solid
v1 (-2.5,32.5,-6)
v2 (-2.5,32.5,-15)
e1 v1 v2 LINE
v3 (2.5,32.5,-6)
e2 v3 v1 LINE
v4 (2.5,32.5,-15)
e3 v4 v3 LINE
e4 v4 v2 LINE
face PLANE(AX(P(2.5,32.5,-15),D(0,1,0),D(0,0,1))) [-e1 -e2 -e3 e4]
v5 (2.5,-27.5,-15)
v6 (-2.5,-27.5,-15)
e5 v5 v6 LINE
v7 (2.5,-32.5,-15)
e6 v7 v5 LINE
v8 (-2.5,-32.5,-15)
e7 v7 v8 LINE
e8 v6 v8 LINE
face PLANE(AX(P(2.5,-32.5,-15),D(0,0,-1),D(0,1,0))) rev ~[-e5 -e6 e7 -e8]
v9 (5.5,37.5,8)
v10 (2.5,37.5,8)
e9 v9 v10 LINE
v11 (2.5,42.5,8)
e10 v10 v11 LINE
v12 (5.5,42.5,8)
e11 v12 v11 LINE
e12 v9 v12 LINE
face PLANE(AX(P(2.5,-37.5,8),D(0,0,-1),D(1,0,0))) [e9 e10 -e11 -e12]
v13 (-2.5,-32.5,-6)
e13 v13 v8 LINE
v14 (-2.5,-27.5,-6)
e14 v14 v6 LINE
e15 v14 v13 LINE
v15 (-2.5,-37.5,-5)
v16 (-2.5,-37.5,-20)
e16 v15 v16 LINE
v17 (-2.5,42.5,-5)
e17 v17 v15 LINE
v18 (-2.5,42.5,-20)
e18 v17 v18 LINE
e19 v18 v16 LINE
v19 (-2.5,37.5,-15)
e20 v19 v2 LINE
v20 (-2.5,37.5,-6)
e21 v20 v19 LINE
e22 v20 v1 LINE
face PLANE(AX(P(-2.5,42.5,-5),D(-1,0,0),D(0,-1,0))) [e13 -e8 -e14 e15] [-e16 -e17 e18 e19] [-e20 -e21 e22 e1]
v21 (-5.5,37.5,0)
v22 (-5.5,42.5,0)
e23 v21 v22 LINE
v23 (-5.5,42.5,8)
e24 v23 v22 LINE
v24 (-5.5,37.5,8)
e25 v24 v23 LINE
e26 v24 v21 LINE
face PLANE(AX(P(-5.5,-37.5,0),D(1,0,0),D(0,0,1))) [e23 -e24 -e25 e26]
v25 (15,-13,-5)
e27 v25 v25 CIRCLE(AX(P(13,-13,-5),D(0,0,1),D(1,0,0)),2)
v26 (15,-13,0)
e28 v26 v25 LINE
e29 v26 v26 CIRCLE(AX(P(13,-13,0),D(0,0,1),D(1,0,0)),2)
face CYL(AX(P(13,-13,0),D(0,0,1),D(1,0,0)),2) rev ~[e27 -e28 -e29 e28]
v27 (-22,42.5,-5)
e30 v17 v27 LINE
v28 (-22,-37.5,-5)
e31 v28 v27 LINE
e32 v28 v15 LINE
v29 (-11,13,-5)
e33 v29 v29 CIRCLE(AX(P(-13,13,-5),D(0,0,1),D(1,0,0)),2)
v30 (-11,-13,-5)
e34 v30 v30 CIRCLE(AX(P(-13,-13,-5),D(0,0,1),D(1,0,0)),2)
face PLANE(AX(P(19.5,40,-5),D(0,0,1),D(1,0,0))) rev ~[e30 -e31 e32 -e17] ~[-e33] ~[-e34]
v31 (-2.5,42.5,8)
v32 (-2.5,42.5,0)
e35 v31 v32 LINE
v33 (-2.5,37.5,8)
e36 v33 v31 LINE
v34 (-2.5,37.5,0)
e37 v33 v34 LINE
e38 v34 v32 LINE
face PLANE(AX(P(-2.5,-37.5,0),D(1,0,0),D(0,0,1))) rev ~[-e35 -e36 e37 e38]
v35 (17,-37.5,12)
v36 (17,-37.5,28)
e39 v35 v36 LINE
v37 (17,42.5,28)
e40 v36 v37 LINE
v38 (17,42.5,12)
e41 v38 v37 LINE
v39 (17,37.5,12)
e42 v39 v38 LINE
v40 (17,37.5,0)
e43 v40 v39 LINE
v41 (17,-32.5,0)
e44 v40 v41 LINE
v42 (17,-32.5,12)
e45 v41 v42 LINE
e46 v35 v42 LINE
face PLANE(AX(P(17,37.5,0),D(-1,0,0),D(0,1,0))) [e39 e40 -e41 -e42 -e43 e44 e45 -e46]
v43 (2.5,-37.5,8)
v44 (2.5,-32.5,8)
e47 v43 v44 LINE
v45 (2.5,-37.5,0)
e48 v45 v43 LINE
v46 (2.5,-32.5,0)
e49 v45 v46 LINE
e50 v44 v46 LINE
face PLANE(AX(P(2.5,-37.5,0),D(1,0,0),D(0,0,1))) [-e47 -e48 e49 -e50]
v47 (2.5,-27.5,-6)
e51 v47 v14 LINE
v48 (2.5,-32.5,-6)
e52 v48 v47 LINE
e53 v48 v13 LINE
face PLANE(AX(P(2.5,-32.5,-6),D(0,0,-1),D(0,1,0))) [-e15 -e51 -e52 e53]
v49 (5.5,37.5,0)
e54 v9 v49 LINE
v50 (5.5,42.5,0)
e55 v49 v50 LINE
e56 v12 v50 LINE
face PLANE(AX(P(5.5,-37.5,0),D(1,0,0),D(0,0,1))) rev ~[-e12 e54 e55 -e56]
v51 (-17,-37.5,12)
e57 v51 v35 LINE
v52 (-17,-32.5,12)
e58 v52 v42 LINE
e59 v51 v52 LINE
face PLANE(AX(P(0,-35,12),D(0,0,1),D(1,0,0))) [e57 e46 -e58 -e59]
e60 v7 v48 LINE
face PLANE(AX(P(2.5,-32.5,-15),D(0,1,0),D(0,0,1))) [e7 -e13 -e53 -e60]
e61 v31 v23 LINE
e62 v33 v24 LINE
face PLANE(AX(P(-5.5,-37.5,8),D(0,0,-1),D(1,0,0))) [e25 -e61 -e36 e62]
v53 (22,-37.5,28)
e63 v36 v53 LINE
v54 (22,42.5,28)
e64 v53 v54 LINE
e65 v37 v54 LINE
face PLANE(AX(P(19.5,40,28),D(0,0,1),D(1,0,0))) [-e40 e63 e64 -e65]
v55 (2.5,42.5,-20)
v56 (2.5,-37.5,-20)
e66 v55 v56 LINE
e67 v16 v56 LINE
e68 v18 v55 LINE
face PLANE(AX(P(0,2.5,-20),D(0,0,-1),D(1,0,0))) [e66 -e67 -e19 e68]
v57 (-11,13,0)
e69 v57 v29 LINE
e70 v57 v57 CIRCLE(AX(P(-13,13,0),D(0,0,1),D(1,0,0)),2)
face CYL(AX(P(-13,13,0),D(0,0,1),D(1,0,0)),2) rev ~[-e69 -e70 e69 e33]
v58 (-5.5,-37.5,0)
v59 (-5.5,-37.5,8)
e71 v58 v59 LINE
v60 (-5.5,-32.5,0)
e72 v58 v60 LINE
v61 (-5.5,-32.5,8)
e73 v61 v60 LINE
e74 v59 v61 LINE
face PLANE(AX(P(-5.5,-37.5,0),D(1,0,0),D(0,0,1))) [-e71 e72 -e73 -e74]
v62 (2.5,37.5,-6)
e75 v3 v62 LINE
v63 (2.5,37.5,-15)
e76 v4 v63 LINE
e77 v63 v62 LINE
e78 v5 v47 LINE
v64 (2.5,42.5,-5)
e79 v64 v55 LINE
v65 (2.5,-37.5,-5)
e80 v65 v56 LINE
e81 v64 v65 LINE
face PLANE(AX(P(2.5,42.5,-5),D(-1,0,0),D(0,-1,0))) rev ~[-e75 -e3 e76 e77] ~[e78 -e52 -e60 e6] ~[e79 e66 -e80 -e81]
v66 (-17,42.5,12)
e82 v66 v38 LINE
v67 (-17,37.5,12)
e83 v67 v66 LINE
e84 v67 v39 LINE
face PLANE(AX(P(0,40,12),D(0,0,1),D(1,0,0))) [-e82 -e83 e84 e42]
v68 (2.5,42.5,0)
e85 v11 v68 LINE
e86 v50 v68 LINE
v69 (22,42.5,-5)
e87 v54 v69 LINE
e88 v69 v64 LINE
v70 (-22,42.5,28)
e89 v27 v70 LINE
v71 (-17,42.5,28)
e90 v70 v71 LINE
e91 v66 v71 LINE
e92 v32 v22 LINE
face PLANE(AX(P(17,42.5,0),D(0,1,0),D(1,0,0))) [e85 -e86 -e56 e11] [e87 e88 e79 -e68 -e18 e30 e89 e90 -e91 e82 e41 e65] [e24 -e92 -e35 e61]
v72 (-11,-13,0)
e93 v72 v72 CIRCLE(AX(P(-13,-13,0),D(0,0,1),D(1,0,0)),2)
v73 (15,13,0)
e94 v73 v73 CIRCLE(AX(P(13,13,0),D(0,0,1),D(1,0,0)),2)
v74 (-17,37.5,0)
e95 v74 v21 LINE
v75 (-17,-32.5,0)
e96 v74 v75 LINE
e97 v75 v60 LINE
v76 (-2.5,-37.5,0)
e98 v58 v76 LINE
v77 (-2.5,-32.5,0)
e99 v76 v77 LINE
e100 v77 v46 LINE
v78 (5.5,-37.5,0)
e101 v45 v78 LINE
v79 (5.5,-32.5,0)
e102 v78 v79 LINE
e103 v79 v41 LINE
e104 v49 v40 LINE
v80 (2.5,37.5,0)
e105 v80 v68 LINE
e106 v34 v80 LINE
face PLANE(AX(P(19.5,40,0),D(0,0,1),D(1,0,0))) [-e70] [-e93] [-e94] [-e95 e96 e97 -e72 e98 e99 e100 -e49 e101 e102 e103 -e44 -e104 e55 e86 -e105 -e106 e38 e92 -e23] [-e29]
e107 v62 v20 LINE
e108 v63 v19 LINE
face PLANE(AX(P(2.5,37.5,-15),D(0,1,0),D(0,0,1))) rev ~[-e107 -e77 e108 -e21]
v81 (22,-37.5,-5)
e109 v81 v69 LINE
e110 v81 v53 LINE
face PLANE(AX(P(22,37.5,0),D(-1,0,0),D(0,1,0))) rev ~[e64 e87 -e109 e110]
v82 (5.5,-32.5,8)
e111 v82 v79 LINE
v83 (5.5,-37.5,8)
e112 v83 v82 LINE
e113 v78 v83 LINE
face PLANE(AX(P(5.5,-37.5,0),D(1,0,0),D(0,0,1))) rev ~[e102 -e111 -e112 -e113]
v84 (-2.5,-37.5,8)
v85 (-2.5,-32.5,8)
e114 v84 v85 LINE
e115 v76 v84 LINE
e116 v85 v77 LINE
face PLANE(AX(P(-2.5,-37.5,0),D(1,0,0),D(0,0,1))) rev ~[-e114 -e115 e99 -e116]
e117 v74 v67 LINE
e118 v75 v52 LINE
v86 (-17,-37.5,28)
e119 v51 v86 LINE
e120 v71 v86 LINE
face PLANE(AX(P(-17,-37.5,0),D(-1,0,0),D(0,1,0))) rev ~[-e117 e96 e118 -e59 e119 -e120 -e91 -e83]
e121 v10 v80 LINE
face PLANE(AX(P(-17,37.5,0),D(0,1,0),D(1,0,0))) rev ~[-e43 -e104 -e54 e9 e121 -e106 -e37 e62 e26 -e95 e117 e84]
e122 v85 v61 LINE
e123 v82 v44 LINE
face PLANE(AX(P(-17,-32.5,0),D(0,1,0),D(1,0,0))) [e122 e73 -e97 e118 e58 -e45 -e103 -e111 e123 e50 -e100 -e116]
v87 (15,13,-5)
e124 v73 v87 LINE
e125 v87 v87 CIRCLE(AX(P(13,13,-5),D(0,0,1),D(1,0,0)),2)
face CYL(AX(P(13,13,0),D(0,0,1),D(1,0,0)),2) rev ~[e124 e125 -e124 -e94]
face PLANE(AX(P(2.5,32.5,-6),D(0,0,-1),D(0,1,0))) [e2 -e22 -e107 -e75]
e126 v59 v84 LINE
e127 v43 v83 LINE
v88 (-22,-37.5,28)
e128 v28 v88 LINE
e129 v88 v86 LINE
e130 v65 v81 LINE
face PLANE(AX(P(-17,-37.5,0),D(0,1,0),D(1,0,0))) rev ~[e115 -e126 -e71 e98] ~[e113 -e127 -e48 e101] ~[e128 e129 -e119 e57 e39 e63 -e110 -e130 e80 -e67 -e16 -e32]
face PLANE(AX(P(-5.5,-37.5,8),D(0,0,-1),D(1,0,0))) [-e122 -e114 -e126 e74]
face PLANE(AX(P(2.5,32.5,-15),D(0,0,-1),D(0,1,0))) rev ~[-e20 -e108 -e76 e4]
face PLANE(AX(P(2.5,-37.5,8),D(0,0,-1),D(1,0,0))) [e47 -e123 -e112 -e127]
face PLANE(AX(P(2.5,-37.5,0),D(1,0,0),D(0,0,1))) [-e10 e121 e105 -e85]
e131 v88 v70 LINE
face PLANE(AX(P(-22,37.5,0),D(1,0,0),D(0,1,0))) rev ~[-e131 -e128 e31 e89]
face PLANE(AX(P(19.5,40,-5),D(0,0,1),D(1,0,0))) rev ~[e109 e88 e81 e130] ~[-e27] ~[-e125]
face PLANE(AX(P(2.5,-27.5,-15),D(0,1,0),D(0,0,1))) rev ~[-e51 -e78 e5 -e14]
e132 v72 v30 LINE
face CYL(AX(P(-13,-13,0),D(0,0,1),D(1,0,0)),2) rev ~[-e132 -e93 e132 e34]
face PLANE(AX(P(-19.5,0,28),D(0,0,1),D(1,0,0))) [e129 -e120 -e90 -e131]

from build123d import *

# Parameters (mm, degrees)
F1_DEPTH  = 28
F0_W      = 34
F0_H      = 70
F0_R      = 2
F0_H_2    = 5
F2_DEPTH  = 5
F3_DEPTH  = 12
F0_W_2    = 5
F4_DEPTH  = 5
F5_DEPTH  = 28
F6_DEPTH  = 12
F7_W      = 5
F7_H      = 80
F8_DEPTH  = 15
F9_W      = 5
F9_H      = 9
F10_DEPTH = 24.501
F11_W     = 3
F11_H     = 8
F12_DEPTH = 80.001
F13_DEPTH = 24.501


with BuildPart() as f1:
    # F0 (on Top) → F1 (new body)
    with BuildSketch(Plane.XY):
        Polygon((-17, 37.5), (-22, 37.5), (-22, -37.5), (-17, -37.5), (-17, -32.5), align=None)
        Polygon((22, 37.5), (17, 37.5), (17, -32.5), (17, -37.5), (22, -37.5), align=None)
    extrude(amount=F1_DEPTH)

    # F0 (on Top) → F2 (join)
    with BuildSketch(Plane.XY):
        Polygon((-17, 37.5), (-22, 37.5), (-22, -37.5), (-17, -37.5), (-17, -32.5), align=None)
        with Locations((0, 2.5)):
            Rectangle(F0_W, F0_H)
        with Locations((-13, -13)):
            Circle(F0_R, mode=Mode.SUBTRACT)
        with Locations((13, -13)):
            Circle(F0_R, mode=Mode.SUBTRACT)
        with Locations((-13, 13)):
            Circle(F0_R, mode=Mode.SUBTRACT)
        with Locations((13, 13)):
            Circle(F0_R, mode=Mode.SUBTRACT)
        Polygon((22, 37.5), (17, 37.5), (17, -32.5), (17, -37.5), (22, -37.5), align=None)
        with Locations((0, -35)):
            Rectangle(F0_W, F0_H_2)
    extrude(amount=-F2_DEPTH)

    # F0 (on Top) → F3 (join)
    with BuildSketch(Plane.XY):
        with Locations((0, -35)):
            Rectangle(F0_W, F0_H_2)
    extrude(amount=F3_DEPTH)

    # F0 (on Top) → F4 (join, through all)
    with BuildSketch(Plane.XY):
        with Locations((19.5, 40)):
            Rectangle(F0_W_2, F0_H_2)
        with Locations((0, 40)):
            Rectangle(F0_W, F0_H_2)
        with Locations((-19.5, 40)):
            Rectangle(F0_W_2, F0_H_2)
    extrude(amount=-F4_DEPTH)

    # F0 (on Top) → F5 (join, through all)
    with BuildSketch(Plane.XY):
        with Locations((19.5, 40)):
            Rectangle(F0_W_2, F0_H_2)
        with Locations((-19.5, 40)):
            Rectangle(F0_W_2, F0_H_2)
    extrude(amount=F5_DEPTH)

    # F0 (on Top) → F6 (join)
    with BuildSketch(Plane.XY):
        with Locations((0, 40)):
            Rectangle(F0_W, F0_H_2)
    extrude(amount=F6_DEPTH)

    # F7 (on face) → F8 (join)
    with BuildSketch(Plane(origin=(0, 0, -5), x_dir=(1, 0, 0), z_dir=(0, 0, -1))):
        with Locations((0, -2.5)):
            Rectangle(F7_W, F7_H)
    extrude(amount=F8_DEPTH)

    # F9 (on face) → F10 (cut, through all)
    with BuildSketch(Plane.YZ.offset(2.5)):
        with Locations((-30, -10.5)):
            Rectangle(F9_W, F9_H)
    extrude(amount=-F10_DEPTH, mode=Mode.SUBTRACT)

    # F11 (on face) → F12 (cut, through all)
    with BuildSketch(Plane.XZ.offset(37.5)):
        with Locations((-4, 4)):
            Rectangle(F11_W, F11_H)
        with Locations((4, 4)):
            Rectangle(F11_W, F11_H)
    extrude(amount=-F12_DEPTH, mode=Mode.SUBTRACT)

    # F9 (on face) → F13 (cut, through all)
    with BuildSketch(Plane.YZ.offset(2.5)):
        with Locations((35, -10.5)):
            Rectangle(F9_W, F9_H)
    extrude(amount=-F13_DEPTH, mode=Mode.SUBTRACT)


solid = f1.part
